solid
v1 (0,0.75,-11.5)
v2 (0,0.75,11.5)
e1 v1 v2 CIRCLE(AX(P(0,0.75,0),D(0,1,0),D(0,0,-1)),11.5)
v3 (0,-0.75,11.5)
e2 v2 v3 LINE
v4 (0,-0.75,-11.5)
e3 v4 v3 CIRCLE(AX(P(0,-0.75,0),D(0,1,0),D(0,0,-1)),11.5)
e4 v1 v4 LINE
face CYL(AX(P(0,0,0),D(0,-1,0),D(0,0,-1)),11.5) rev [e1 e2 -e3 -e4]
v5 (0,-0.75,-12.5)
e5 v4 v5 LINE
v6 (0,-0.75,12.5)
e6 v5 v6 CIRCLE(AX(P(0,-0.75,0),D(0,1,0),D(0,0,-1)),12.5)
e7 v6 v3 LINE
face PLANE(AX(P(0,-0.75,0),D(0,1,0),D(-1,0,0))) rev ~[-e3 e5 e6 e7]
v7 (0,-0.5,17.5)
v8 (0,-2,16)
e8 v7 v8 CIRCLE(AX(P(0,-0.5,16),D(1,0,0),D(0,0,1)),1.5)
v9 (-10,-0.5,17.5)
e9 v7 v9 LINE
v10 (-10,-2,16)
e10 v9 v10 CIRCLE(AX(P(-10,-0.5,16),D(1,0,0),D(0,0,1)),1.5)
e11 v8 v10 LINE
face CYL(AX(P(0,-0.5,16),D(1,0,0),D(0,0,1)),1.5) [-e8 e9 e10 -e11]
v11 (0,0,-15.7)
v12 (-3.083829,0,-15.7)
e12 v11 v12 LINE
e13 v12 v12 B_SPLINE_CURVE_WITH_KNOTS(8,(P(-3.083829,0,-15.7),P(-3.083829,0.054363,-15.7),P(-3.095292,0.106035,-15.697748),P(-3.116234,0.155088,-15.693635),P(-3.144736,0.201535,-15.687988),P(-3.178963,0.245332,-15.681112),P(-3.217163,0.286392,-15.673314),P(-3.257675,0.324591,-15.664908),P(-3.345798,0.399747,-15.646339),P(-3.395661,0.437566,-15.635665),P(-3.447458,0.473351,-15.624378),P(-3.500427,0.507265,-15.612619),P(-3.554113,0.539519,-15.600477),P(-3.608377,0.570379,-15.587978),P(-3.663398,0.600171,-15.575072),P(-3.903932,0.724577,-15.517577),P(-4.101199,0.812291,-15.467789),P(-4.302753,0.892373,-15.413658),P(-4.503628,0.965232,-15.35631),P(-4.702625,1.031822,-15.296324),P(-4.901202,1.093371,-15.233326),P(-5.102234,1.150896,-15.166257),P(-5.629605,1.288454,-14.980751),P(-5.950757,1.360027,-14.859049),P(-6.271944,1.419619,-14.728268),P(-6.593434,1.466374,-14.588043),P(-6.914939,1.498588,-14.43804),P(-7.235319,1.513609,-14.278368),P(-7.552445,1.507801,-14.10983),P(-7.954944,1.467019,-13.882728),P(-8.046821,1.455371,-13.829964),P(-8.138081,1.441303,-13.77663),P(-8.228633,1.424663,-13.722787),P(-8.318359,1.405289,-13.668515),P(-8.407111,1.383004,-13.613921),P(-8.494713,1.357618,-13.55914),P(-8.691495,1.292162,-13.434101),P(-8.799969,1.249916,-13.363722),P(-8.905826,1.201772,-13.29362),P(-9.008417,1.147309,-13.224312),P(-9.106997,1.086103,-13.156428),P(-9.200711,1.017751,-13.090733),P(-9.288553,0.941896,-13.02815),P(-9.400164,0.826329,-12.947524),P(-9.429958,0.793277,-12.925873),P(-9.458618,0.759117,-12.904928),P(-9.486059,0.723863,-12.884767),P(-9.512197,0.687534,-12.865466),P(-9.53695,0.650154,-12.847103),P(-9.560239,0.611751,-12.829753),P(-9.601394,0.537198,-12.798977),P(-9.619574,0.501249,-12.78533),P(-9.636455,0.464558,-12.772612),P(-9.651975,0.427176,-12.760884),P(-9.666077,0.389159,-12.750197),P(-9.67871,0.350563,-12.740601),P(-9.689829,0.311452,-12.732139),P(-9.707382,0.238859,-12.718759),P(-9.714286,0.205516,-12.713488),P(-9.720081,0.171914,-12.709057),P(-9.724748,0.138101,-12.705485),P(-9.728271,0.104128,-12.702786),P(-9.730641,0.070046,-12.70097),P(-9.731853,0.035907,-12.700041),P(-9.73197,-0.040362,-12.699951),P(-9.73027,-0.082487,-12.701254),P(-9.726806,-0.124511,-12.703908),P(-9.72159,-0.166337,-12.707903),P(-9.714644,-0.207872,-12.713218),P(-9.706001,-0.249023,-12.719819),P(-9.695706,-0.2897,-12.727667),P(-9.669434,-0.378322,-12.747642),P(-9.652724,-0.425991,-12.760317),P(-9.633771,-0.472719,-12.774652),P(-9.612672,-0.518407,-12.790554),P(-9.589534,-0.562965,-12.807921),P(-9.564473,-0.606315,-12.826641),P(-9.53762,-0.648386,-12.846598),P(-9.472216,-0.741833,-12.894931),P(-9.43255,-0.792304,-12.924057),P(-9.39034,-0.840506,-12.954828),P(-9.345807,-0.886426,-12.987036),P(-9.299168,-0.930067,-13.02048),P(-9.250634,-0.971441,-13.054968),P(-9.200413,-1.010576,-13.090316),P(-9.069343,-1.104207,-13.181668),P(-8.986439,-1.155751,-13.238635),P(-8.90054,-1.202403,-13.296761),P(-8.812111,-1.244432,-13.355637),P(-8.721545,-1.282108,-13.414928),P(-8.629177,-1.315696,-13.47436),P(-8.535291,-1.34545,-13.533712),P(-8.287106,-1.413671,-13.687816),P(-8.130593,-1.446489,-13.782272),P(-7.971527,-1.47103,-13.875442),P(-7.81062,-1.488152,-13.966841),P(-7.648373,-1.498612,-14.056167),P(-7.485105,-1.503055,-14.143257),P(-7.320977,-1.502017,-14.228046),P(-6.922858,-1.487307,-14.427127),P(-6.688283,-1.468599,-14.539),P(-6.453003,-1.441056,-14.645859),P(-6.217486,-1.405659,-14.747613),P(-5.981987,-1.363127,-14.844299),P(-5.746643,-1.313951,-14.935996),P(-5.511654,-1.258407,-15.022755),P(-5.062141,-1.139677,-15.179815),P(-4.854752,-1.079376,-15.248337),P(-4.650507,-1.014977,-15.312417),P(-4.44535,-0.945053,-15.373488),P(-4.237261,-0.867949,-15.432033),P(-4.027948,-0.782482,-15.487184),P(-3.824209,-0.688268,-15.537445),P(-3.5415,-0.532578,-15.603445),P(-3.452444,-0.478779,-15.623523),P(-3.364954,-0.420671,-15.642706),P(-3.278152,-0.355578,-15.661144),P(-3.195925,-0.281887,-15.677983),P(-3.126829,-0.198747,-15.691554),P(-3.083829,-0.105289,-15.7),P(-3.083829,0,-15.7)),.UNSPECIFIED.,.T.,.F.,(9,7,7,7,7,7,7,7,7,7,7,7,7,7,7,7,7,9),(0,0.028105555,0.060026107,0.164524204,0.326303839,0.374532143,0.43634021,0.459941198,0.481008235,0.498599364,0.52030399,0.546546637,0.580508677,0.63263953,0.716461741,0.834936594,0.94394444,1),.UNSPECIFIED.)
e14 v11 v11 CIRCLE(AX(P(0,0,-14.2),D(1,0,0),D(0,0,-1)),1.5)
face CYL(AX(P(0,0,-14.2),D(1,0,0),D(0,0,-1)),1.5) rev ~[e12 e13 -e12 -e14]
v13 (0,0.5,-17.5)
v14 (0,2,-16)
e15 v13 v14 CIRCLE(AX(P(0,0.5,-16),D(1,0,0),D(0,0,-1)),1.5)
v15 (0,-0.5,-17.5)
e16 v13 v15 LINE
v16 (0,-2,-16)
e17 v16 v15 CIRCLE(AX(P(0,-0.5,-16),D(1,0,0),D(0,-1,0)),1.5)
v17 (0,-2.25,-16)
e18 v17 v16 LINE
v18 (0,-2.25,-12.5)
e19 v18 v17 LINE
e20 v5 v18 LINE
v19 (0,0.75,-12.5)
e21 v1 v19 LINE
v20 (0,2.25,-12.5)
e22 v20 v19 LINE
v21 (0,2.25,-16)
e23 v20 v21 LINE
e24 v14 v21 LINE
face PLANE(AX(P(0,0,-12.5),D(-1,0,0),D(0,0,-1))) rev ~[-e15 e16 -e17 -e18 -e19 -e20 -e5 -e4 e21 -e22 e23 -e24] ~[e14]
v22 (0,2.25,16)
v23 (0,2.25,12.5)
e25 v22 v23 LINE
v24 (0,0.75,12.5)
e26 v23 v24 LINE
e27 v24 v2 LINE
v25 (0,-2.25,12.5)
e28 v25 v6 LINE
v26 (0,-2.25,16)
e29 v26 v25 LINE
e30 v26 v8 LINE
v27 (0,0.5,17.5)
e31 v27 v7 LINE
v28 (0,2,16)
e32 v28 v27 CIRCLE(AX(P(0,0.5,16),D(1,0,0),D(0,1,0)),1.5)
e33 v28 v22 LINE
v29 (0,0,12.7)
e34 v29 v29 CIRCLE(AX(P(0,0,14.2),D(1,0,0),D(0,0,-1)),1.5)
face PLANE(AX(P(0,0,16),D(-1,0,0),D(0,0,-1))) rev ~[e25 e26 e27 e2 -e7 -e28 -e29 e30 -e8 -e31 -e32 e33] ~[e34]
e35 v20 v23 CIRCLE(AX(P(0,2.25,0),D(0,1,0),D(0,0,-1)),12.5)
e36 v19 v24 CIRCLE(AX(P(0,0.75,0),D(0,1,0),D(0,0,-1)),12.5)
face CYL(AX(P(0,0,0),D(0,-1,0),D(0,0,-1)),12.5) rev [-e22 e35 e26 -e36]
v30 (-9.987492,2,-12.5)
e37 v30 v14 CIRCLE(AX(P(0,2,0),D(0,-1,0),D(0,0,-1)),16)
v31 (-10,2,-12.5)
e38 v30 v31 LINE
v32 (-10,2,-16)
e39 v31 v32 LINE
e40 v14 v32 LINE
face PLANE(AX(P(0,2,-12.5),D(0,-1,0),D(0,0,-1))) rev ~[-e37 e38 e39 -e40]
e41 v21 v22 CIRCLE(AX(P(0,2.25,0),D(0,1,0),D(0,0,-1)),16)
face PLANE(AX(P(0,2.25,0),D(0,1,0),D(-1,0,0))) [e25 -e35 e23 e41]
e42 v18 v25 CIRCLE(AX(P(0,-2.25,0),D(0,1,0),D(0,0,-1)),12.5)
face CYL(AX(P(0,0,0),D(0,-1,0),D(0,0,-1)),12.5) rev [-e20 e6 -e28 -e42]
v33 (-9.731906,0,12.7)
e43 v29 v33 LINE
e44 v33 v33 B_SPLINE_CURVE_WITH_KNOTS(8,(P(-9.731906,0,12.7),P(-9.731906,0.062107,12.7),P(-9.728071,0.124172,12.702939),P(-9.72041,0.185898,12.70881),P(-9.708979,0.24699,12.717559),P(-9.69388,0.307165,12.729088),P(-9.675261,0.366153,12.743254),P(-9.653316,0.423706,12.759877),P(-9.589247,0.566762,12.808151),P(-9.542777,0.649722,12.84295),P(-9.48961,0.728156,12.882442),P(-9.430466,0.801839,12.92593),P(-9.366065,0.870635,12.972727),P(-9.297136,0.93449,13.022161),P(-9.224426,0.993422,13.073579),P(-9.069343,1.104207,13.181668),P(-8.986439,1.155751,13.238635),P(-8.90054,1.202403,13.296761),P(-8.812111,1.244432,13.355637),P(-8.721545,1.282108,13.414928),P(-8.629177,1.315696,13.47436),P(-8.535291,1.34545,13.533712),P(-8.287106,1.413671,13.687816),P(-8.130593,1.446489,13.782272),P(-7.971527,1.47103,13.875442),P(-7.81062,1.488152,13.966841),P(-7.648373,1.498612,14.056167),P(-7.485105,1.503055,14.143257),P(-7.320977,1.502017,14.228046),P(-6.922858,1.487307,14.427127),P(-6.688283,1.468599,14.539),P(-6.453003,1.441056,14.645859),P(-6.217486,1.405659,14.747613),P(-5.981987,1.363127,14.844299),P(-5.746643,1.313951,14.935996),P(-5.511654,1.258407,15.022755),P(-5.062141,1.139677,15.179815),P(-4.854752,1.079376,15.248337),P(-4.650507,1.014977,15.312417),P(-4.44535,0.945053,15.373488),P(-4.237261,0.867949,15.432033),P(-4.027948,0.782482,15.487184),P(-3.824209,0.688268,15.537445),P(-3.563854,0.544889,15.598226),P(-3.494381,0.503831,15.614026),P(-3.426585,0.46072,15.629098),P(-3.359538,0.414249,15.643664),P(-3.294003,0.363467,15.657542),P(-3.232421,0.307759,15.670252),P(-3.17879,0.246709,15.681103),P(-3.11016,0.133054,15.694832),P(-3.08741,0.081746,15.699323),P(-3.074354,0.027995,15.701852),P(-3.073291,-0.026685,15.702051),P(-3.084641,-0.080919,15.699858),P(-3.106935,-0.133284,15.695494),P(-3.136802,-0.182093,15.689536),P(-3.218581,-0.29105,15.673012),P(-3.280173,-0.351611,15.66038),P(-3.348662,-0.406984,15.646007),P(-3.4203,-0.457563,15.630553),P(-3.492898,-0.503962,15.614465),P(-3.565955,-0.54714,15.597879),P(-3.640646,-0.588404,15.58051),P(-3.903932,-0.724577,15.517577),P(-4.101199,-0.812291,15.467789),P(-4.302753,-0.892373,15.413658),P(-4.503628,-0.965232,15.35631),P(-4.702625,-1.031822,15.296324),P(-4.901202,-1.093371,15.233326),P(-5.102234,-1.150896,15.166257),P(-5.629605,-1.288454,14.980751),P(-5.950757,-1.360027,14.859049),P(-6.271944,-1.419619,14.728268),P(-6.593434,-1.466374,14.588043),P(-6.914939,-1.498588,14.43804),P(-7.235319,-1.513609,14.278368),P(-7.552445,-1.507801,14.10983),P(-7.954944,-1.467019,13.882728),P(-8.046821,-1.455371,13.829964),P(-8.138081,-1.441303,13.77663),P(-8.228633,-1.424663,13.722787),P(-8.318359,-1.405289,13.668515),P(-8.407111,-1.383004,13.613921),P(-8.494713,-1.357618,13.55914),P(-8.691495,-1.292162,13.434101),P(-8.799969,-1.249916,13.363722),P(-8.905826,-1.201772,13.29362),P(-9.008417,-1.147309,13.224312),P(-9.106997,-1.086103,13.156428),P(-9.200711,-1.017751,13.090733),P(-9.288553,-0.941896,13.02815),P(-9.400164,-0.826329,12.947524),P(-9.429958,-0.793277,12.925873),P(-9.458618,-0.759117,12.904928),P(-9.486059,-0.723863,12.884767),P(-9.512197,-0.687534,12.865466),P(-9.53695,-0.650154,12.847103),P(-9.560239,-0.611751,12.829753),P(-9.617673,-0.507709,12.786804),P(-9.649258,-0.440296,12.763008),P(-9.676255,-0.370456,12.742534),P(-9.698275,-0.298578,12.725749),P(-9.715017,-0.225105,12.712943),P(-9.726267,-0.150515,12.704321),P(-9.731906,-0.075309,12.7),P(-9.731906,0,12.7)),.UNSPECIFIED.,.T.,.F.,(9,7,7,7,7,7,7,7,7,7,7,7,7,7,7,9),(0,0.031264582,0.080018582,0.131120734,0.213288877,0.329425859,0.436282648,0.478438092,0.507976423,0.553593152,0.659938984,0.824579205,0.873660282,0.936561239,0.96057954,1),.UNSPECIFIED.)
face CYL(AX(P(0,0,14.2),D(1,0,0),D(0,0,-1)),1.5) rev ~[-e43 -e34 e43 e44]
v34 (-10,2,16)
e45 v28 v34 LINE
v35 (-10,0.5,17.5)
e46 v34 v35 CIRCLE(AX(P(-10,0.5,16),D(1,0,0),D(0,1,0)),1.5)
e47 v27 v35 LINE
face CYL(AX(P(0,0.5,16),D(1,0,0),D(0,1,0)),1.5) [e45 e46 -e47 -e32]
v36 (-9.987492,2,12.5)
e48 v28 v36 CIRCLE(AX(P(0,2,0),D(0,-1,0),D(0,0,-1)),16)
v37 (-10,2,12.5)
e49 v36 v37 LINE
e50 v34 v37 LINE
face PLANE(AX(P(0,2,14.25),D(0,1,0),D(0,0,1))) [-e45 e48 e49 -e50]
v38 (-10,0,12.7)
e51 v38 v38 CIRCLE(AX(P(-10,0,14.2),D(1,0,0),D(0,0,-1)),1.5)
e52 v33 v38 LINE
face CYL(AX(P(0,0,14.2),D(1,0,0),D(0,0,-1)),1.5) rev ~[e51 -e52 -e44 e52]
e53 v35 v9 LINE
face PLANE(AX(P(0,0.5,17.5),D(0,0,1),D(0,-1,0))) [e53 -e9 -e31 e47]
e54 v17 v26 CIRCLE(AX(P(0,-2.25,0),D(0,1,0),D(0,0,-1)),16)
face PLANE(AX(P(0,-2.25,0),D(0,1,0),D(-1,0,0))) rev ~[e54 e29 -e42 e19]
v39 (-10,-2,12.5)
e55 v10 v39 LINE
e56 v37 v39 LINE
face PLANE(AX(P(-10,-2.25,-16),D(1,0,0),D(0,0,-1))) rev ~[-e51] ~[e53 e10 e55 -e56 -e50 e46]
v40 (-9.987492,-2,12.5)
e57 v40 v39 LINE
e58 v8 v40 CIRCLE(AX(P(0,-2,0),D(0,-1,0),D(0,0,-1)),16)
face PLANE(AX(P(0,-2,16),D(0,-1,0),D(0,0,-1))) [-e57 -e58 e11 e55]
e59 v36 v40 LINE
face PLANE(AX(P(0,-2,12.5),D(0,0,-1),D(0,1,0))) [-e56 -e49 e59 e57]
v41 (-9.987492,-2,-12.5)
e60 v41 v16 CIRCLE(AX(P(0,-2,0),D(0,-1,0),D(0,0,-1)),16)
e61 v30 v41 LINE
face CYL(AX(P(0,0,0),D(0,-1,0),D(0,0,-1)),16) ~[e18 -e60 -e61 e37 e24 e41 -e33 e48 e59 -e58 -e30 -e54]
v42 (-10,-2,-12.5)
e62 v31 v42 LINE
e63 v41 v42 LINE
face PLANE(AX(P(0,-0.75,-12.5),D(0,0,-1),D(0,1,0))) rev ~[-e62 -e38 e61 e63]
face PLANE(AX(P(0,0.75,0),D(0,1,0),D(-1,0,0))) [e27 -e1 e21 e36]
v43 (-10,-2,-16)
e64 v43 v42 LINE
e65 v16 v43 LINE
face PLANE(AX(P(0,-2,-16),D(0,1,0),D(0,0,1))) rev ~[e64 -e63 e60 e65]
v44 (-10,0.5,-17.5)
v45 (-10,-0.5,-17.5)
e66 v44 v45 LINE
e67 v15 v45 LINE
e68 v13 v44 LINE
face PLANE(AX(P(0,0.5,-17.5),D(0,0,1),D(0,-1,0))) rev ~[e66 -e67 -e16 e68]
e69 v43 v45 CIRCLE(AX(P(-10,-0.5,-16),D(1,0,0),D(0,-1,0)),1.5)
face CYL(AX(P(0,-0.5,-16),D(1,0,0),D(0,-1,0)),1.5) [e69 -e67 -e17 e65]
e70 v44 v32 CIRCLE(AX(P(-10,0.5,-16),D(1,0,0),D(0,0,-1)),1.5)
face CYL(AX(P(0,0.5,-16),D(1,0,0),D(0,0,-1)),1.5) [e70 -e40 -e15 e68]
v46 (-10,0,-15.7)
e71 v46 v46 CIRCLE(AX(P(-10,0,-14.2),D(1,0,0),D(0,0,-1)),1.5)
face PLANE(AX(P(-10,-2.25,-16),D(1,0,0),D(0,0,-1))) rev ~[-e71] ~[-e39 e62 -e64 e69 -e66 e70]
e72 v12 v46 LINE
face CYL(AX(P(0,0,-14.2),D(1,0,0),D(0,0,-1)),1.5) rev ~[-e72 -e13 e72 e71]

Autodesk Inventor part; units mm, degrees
ref_plane "YZ Plane" through (0, 0, 0) normal (1, 0, 0) x (0, 1, 0)
ref_plane "XZ Plane" through (0, 0, 0) normal (0, 1, 0) x (-1, 0, 0)
ref_plane "XY Plane" through (0, 0, 0) normal (0, 0, 1) x (1, 0, 0)
sketch "Sketch1" plane through (0, 0, 0) normal (0, 1, 0) x (-1, 0, 0)
  arc A0 (0, -16) -> (0, 16) centre (0, 0) ccw
  arc A1 (0, -11.5) -> (0, 11.5) centre (0, 0) ccw
  line L0 (0, 16) -> (0, 11.5)
  line L1 (0, -11.5) -> (0, -16)
  arc A2 (0, -12.5) -> (0, 12.5) centre (0, 0) ccw
  dimension "d0" = 32
  dimension "d1" = 23
  dimension "d2" = 0
  dimension "d3" = 0
  dimension "d4" = 25
  dimension "d5" = 0
  dimension "d6" = 16
  dimension "d7" = 0
  dimension "d8" = 16
extrude "Extrusion1" add sketch "Sketch1" along normal mid plane 4.5 contours L1 A2 L0 A0
extrude "Extrusion2" add sketch "Sketch1" along normal mid plane 1.5 contours L1 A1 L0 A2
sketch "Sketch3" plane through (0, -2.25, -16) normal (1, 0, 0) x (0, 0, -1)
  line L0 (-32, 4.5) -> (-28.5, 4.5)
  line L1 (-30.25, 4.5) -> (-30.25, 4.25)
  line L2 (-28.5, 0) -> (-32, 0)
  line L3 (-30.25, 0) -> (-30.25, 0.25)
  line L4 (-28.5, 3) -> (-28.5, 4.5)
  line L5 (-28.5, 4.25) -> (-32, 4.25)
  line L6 (-33.5, 2.75) -> (-33.5, 1.75)
  line L7 (-32, 0.25) -> (-28.5, 0.25)
  line L8 (-28.5, 0.25) -> (-28.5, 4.25)
  arc A0 (-32, 4.25) -> (-33.5, 2.75) centre (-32, 2.75) ccw
  arc A1 (-33.5, 1.75) -> (-32, 0.25) centre (-32, 1.75) ccw
  circle A2 centre (-30.2, 2.25) radius 1.5
  line L9 (-32, 4.5) -> (-32, 0)
  line L10 (-3.5, 1.5) -> (-28.5, 1.5)
  line L11 (-3.5, 4.25) -> (0, 4.25)
  circle A3 centre (-1.8, 2.25) radius 1.5
  arc A4 (1.5, 2.75) -> (0, 4.25) centre (0, 2.75) ccw
  arc A5 (0, 0.25) -> (1.5, 1.75) centre (0, 1.75) ccw
  line L12 (1.5, 2.75) -> (1.5, 1.75)
  line L13 (-3.5, 3) -> (-3.5, 4.25)
  line L14 (0, 0.25) -> (-3.5, 0.25)
  line L15 (-3.5, 0.25) -> (-3.5, 4.25)
  line L16 (-4.5, 3) -> (-4.5, 1.5)
  line L17 (-27.5, 3) -> (-4.5, 3)
  line L18 (-27.5, 1.5) -> (-27.5, 3)
  line L19 (-4.5, 1.5) -> (-27.5, 1.5)
  point P0 (-16, 2.25)
  dimension "d13" = 3
  dimension "d14" = 5
  dimension "d15" = 2.7
  dimension "d16" = 2.7
  dimension "d17" = 90
  dimension "d18" = 90
  dimension "d19" = 90
  dimension "d20" = 6
  dimension "d21" = 2.75
  dimension "d22" = 1.25
  dimension "d23" = 1
  dimension "d24" = 0
  dimension "d25" = 24
  dimension "d26" = 27.5
  dimension "d27" = 29
  dimension "d28" = 1.5
  dimension "d29" = 3
  dimension "d30" = 25.75
  dimension "d31" = 0.75
  dimension "d32" = 1.5
  dimension "d33" = 1.5
  dimension "d34" = 24
  dimension "d35" = 0.75
  dimension "d36" = 2.75
  dimension "d37" = 1.25
extrude "Extrusion3" add sketch "Sketch3" against normal blind 10 contours L15 L13 L11 A4 L12 A5 L14 | L9 A1 L6 A0 | L5 L4 L8 L7 L9
extrude "Extrusion4" cut sketch "Sketch3" against normal blind 10 contours A2 | A3
properties part number "reverse gear lower trap"
